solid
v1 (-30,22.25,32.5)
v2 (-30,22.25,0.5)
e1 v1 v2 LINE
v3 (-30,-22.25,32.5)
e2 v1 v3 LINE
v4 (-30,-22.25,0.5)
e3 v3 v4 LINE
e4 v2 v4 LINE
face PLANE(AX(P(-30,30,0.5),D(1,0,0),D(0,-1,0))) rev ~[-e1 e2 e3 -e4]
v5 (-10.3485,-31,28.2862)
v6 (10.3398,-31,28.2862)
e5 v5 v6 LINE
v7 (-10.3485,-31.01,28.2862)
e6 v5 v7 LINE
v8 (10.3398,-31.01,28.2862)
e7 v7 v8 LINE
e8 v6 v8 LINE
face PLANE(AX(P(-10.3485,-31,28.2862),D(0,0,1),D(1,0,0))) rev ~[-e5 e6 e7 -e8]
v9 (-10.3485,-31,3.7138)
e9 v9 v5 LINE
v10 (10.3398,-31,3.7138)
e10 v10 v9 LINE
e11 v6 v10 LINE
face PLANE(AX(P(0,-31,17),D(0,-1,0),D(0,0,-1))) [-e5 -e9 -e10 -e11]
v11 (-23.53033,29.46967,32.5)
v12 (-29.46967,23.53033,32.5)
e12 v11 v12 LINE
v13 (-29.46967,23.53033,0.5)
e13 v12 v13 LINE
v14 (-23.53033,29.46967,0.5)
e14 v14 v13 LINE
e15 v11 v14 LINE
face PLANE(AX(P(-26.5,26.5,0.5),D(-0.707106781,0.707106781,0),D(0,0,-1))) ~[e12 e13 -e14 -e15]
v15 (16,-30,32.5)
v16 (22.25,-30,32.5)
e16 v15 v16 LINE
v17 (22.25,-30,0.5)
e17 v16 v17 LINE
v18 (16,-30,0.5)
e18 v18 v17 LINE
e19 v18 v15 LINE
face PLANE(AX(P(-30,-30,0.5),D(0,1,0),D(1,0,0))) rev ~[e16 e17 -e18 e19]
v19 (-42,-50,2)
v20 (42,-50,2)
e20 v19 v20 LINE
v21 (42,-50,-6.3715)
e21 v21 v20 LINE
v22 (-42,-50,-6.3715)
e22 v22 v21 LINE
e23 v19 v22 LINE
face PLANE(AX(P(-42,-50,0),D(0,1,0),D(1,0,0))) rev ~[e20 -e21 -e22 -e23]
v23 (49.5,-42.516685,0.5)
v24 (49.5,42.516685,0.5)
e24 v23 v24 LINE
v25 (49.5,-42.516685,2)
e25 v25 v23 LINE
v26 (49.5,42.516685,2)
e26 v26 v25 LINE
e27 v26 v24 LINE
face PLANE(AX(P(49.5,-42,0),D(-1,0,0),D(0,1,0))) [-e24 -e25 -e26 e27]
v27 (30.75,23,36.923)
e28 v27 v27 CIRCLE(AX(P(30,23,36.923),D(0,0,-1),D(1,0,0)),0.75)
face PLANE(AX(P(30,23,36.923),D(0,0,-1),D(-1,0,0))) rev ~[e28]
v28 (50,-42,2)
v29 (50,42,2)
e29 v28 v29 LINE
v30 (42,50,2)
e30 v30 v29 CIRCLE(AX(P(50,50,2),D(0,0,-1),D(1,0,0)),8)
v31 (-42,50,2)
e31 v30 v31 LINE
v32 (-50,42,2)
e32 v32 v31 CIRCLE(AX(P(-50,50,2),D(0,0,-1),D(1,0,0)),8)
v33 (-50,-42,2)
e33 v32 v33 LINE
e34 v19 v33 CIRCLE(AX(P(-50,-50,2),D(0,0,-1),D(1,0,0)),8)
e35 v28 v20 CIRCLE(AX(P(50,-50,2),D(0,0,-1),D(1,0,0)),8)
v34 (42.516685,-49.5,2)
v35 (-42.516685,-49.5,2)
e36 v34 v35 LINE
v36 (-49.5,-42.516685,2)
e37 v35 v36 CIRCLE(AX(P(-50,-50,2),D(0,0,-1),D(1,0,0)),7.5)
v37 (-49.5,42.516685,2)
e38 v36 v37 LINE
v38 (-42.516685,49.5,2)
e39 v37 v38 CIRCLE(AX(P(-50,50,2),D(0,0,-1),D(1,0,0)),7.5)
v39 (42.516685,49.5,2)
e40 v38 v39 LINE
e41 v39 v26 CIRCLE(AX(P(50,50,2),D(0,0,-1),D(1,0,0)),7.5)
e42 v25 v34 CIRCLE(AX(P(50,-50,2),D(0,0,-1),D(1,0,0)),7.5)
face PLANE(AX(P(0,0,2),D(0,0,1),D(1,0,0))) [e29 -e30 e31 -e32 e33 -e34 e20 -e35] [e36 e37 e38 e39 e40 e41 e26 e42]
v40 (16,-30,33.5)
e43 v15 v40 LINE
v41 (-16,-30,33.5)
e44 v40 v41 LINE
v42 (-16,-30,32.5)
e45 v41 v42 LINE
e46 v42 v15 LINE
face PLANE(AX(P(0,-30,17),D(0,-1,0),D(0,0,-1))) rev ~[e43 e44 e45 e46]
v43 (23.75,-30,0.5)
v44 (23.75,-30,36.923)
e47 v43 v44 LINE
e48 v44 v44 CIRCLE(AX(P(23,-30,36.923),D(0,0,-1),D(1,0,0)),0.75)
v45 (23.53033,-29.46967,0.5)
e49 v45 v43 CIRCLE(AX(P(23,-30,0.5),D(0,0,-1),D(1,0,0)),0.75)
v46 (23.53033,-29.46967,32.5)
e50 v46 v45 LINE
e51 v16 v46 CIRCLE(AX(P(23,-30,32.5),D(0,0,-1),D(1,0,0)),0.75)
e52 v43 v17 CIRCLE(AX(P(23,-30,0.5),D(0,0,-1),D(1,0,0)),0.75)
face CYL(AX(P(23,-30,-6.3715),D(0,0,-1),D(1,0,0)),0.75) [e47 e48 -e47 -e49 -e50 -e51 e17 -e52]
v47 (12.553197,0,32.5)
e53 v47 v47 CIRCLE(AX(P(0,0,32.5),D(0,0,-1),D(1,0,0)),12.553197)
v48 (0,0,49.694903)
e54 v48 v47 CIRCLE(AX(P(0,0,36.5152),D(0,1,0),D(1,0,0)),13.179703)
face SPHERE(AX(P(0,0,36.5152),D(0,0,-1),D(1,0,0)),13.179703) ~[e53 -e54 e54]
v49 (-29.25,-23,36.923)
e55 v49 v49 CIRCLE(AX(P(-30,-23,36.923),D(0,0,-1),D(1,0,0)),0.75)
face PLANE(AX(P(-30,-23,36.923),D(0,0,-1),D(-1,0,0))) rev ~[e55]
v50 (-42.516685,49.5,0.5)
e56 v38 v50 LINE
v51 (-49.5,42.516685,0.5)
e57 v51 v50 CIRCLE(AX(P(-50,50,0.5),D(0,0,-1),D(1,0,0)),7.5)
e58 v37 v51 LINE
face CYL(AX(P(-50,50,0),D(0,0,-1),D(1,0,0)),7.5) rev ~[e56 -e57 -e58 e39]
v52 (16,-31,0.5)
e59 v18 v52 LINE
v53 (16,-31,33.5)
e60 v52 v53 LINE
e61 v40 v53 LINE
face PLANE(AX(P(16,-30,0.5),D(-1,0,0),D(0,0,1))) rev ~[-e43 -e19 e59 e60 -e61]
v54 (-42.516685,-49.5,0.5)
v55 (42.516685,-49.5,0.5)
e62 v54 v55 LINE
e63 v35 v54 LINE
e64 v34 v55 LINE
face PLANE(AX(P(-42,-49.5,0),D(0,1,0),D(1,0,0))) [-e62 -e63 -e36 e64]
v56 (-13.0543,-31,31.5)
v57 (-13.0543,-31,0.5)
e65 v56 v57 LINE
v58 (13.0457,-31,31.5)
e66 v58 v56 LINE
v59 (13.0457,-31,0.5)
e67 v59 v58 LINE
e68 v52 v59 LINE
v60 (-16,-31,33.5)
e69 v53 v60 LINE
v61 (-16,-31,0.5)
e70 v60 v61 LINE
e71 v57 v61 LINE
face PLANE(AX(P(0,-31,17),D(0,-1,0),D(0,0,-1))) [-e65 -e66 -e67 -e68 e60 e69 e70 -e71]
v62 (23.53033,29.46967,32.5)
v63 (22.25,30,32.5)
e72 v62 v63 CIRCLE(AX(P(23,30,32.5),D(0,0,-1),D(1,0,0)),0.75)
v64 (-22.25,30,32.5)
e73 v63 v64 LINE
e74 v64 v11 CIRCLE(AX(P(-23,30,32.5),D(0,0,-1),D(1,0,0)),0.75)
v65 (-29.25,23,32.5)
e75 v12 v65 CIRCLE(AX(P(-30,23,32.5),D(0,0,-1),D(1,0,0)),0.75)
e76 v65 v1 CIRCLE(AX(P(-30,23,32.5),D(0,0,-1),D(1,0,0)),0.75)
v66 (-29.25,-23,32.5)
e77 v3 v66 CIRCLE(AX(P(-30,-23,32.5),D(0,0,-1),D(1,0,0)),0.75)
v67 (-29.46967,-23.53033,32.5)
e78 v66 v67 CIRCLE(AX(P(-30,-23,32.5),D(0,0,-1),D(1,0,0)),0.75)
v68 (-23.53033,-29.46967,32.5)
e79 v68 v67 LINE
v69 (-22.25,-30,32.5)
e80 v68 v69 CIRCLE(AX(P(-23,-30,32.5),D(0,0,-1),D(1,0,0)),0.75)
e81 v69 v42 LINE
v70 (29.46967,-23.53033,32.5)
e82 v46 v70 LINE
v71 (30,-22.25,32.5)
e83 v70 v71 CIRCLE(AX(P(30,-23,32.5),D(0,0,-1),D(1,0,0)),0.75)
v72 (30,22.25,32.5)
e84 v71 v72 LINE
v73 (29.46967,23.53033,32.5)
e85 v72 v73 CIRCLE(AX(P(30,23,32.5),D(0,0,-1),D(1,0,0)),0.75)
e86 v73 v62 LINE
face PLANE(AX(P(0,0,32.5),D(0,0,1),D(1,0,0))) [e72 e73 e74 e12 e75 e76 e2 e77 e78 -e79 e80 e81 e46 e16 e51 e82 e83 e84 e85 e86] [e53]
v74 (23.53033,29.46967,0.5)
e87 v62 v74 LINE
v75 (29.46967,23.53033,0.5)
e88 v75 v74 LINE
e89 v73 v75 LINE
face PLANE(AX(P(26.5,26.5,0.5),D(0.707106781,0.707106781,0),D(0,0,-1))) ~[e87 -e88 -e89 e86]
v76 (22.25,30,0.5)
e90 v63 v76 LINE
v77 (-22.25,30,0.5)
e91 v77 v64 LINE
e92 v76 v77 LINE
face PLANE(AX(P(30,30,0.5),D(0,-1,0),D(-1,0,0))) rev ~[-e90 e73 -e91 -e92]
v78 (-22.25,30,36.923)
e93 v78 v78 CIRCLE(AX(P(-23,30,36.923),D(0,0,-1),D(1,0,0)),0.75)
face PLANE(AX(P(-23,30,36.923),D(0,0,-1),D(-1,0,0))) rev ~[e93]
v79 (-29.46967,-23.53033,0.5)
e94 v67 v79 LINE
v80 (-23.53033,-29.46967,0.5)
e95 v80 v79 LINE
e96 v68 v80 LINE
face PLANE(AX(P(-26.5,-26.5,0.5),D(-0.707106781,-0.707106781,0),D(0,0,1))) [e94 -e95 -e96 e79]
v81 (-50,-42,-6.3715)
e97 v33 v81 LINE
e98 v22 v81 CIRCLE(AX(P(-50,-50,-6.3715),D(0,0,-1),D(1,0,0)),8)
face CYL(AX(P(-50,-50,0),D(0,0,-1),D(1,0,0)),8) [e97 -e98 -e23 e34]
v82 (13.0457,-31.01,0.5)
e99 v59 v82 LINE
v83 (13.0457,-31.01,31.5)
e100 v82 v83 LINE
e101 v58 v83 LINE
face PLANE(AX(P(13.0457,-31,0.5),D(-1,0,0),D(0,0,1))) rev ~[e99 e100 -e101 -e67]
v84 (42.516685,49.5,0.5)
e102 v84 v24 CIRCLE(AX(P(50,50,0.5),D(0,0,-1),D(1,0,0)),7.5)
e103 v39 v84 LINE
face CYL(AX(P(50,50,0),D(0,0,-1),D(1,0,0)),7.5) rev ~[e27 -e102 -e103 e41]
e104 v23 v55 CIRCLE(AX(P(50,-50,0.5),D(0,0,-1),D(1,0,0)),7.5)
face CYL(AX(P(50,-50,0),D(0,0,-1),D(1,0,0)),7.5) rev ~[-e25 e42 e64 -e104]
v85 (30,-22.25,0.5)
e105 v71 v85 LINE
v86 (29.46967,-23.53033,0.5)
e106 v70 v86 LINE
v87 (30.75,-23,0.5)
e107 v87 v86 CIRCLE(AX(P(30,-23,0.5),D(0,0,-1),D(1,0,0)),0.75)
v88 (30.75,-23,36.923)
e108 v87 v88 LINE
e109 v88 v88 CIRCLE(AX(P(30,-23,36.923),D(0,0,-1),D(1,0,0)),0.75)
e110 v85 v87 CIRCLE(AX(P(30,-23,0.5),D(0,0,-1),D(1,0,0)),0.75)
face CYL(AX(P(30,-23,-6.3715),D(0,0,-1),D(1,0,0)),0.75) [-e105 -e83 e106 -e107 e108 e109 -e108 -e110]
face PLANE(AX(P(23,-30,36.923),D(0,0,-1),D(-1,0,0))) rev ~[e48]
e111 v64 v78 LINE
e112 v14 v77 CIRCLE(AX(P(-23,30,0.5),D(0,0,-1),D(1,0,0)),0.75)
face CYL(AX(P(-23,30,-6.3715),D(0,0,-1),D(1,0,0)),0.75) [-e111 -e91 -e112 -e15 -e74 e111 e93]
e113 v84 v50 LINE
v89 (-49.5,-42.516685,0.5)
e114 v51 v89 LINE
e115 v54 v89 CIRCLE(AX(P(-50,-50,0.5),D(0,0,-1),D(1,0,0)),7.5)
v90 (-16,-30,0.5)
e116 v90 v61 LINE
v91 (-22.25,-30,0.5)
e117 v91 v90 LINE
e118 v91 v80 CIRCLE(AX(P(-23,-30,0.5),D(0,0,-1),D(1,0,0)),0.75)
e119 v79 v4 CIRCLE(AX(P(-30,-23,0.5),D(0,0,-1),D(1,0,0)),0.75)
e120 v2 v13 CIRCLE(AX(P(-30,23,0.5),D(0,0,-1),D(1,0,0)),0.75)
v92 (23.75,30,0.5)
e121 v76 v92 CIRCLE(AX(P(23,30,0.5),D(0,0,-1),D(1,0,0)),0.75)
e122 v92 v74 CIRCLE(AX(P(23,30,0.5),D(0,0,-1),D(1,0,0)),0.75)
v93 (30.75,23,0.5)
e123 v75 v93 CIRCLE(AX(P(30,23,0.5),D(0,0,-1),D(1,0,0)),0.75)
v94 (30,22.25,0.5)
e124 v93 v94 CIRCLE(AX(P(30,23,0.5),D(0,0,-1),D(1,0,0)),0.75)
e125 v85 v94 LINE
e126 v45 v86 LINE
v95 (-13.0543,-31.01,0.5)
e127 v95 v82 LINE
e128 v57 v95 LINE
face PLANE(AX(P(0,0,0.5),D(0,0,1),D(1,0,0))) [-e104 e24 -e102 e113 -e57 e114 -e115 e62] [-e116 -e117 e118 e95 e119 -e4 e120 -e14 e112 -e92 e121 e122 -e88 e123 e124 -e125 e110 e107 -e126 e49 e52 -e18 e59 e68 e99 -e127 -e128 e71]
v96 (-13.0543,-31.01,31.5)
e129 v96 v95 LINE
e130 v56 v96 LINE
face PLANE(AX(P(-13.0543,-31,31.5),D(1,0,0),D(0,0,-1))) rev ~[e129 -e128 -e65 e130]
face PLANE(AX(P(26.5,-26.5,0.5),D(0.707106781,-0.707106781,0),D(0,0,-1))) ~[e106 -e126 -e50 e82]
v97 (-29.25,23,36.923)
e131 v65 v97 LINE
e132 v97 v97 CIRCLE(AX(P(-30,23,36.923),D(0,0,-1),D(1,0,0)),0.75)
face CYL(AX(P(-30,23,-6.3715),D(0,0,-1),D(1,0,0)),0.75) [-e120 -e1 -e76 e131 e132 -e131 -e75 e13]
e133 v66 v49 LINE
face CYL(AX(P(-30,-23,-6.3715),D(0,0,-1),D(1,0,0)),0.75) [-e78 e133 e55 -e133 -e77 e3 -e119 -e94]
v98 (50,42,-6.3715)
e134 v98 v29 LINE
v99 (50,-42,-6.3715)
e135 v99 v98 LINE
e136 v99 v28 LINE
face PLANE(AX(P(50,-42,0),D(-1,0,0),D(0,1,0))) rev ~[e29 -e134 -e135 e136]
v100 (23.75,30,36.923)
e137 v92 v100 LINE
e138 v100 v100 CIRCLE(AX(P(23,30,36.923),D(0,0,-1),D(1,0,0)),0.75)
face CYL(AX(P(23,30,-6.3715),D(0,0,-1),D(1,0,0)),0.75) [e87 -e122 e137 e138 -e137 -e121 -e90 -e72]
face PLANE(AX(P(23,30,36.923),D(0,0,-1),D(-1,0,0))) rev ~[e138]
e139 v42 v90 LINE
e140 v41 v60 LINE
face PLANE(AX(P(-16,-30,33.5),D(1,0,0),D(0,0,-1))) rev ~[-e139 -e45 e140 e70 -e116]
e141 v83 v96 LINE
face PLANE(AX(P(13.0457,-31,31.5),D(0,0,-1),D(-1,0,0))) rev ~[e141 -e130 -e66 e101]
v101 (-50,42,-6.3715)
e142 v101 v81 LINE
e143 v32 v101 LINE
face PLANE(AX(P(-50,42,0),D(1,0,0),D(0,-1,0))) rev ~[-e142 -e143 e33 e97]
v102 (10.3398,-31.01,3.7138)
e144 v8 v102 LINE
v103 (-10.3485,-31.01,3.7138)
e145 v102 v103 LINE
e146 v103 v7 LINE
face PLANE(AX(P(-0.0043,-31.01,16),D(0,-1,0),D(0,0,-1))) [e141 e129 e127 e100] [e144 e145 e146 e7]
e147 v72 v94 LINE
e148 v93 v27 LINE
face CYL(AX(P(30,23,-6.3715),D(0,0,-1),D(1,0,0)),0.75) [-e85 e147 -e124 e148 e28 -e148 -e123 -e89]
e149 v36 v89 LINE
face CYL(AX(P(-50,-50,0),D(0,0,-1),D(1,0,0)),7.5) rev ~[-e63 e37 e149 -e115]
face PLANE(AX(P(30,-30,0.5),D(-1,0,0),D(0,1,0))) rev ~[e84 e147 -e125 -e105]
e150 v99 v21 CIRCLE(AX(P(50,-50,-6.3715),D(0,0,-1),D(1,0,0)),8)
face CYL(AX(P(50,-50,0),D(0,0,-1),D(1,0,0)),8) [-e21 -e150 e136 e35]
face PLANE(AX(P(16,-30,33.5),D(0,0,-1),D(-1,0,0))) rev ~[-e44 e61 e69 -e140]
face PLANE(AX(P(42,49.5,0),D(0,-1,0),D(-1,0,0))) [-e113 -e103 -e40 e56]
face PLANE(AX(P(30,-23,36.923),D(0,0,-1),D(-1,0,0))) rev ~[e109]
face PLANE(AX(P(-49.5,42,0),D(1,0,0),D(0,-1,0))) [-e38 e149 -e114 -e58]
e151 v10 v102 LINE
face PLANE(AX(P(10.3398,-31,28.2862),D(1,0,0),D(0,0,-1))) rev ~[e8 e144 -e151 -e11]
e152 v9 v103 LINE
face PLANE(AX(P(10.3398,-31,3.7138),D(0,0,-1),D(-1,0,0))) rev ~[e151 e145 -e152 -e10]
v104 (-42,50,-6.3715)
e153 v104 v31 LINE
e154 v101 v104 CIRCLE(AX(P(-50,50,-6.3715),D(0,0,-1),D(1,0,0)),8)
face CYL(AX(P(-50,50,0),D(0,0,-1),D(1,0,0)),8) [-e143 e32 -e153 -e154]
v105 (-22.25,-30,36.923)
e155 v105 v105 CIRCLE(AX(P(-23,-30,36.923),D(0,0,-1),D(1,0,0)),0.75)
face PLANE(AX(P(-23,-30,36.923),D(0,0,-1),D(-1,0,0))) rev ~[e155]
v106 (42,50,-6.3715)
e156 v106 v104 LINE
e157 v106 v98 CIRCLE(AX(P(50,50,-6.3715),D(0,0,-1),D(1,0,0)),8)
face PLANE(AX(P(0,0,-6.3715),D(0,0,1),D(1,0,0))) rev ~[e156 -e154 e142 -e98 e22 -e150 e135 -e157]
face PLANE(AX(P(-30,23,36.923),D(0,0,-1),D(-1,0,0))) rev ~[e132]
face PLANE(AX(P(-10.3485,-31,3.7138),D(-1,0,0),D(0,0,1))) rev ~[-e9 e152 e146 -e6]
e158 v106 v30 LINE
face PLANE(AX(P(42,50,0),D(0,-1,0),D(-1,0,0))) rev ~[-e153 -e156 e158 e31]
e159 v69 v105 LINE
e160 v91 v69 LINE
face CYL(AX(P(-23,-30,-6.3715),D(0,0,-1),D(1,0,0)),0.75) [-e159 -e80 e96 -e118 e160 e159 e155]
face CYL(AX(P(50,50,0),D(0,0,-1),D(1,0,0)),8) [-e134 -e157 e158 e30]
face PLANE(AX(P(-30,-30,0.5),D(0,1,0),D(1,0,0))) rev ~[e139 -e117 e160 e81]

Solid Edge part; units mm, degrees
sketch "Sketch1" plane through (0, 0, 0) normal (0, 0, 1) x (1, 0, 0)
  line L0 (-42, -50) -> (42, -50)
  line L1 (50, -42) -> (50, 42)
  line L2 (42, 50) -> (-42, 50)
  line L3 (-50, 42) -> (-50, -42)
  arc A0 (50, -42) -> (42, -50) centre (50, -50) cw
  arc A1 (42, 50) -> (50, 42) centre (50, 50) cw
  arc A2 (-50, 42) -> (-42, 50) centre (-50, 50) cw
  arc A3 (-42, -50) -> (-50, -42) centre (-50, -50) cw
extrude "Protrusion1" add sketch "Sketch1" along normal blind 2
shell "Thinwall_3" thickness 0.5 removed faces 1 at (-39.8267, -37.5067, 2)
sketch "Sketch2" plane through (0, 0, 0) normal (0, 0, 1) x (1, 0, 0)
  line L0 (-50, 42) -> (-50, -42)
  line L1 (42, 50) -> (-42, 50)
  line L2 (50, -42) -> (50, 42)
  line L3 (-42, -50) -> (42, -50)
  arc A0 (-42, -50) -> (-50, -42) centre (-50, -50) cw
  arc A1 (-50, 42) -> (-42, 50) centre (-50, 50) cw
  arc A2 (42, 50) -> (50, 42) centre (50, 50) cw
  arc A3 (50, -42) -> (42, -50) centre (50, -50) cw
extrude "ExtrudedProtrusion_6" add sketch "Sketch2" against normal blind 6.3715
sketch "Sketch3" plane through (0, 0, 0.5) normal (0, 0, 1) x (1, 0, 0)
  line L0 (-30, -30) -> (30, -30)
  line L1 (30, -30) -> (30, 30)
  line L2 (30, 30) -> (-30, 30)
  line L3 (-30, 30) -> (-30, -30)
extrude "ExtrudedProtrusion_7" add sketch "Sketch3" along normal blind 32
chamfer "Chamfer_2" distance 7 angle 45 4 edges at (-30, -30, 16.5) (30, -30, 16.5) (-30, 30, 16.5) (30, 30, 16.5)
sketch "Sketch4" plane through (0, 0, 0) normal (0, -1, 0) x (1, 0, 0)
  line L0 (0, 32.5) -> (12.5531, 32.5)
  line L1 (0, 32.5) -> (0, 36.5152)
  line L2 (0, 36.5152) -> (0, 49.6949)
  arc A0 (0, 49.6949) -> (12.5532, 32.5) centre (0, 36.5152) cw
revolve "RevolvedProtrusion1" add sketch "Sketch4" angle 360 about axis through (0, 0, 36.5152) along (0, 0, 1)
sketch "Sketch5" plane through (0, 0, -6.3715) normal (0, 0, -1) x (1, 0, 0)
  circle A0 centre (-30, 23) radius 0.75
  circle A1 centre (-23, 30) radius 0.75
  circle A2 centre (23, 30) radius 0.75
  circle A3 centre (30, 23) radius 0.75
  circle A4 centre (30, -23) radius 0.75
  circle A5 centre (23, -30) radius 0.75
  circle A6 centre (-30, -23) radius 0.75
  circle A7 centre (-23, -30) radius 0.75
extrude "ExtrudedProtrusion_10" add sketch "Sketch5" against normal blind 43.2945
sketch "Sketch6" plane through (0, -30, 16.5) normal (0, -1, 0) x (1, 0, 0)
  line L0 (16, 17) -> (-16, 17)
  line L1 (-16, 17) -> (-16, -16)
  line L2 (-16, -16) -> (0, -16)
  line L3 (0, -16) -> (16, -16)
  line L4 (16, -16) -> (16, 17)
extrude "ExtrudedProtrusion_11" add sketch "Sketch6" along normal blind 1
sketch "Sketch7" plane through (0, -31, 17) normal (0, -1, 0) x (1, 0, 0)
  line L0 (-10.3485, -13.2862) -> (-10.3485, 11.2862)
  line L1 (-10.3485, 11.2862) -> (10.3398, 11.2862)
  line L2 (10.3398, 11.2862) -> (10.3398, -13.2862)
  line L3 (10.3398, -13.2862) -> (-10.3485, -13.2862)
  line L4 (13.0457, 14.5) -> (-13.0543, 14.5)
  line L5 (-13.0543, 14.5) -> (-13.0543, -16.5)
  line L6 (-13.0543, -16.5) -> (13.0457, -16.5)
  line L7 (13.0457, -16.5) -> (13.0457, 14.5)
extrude "Protrusion2" add sketch "Sketch7" along normal blind 0.01
